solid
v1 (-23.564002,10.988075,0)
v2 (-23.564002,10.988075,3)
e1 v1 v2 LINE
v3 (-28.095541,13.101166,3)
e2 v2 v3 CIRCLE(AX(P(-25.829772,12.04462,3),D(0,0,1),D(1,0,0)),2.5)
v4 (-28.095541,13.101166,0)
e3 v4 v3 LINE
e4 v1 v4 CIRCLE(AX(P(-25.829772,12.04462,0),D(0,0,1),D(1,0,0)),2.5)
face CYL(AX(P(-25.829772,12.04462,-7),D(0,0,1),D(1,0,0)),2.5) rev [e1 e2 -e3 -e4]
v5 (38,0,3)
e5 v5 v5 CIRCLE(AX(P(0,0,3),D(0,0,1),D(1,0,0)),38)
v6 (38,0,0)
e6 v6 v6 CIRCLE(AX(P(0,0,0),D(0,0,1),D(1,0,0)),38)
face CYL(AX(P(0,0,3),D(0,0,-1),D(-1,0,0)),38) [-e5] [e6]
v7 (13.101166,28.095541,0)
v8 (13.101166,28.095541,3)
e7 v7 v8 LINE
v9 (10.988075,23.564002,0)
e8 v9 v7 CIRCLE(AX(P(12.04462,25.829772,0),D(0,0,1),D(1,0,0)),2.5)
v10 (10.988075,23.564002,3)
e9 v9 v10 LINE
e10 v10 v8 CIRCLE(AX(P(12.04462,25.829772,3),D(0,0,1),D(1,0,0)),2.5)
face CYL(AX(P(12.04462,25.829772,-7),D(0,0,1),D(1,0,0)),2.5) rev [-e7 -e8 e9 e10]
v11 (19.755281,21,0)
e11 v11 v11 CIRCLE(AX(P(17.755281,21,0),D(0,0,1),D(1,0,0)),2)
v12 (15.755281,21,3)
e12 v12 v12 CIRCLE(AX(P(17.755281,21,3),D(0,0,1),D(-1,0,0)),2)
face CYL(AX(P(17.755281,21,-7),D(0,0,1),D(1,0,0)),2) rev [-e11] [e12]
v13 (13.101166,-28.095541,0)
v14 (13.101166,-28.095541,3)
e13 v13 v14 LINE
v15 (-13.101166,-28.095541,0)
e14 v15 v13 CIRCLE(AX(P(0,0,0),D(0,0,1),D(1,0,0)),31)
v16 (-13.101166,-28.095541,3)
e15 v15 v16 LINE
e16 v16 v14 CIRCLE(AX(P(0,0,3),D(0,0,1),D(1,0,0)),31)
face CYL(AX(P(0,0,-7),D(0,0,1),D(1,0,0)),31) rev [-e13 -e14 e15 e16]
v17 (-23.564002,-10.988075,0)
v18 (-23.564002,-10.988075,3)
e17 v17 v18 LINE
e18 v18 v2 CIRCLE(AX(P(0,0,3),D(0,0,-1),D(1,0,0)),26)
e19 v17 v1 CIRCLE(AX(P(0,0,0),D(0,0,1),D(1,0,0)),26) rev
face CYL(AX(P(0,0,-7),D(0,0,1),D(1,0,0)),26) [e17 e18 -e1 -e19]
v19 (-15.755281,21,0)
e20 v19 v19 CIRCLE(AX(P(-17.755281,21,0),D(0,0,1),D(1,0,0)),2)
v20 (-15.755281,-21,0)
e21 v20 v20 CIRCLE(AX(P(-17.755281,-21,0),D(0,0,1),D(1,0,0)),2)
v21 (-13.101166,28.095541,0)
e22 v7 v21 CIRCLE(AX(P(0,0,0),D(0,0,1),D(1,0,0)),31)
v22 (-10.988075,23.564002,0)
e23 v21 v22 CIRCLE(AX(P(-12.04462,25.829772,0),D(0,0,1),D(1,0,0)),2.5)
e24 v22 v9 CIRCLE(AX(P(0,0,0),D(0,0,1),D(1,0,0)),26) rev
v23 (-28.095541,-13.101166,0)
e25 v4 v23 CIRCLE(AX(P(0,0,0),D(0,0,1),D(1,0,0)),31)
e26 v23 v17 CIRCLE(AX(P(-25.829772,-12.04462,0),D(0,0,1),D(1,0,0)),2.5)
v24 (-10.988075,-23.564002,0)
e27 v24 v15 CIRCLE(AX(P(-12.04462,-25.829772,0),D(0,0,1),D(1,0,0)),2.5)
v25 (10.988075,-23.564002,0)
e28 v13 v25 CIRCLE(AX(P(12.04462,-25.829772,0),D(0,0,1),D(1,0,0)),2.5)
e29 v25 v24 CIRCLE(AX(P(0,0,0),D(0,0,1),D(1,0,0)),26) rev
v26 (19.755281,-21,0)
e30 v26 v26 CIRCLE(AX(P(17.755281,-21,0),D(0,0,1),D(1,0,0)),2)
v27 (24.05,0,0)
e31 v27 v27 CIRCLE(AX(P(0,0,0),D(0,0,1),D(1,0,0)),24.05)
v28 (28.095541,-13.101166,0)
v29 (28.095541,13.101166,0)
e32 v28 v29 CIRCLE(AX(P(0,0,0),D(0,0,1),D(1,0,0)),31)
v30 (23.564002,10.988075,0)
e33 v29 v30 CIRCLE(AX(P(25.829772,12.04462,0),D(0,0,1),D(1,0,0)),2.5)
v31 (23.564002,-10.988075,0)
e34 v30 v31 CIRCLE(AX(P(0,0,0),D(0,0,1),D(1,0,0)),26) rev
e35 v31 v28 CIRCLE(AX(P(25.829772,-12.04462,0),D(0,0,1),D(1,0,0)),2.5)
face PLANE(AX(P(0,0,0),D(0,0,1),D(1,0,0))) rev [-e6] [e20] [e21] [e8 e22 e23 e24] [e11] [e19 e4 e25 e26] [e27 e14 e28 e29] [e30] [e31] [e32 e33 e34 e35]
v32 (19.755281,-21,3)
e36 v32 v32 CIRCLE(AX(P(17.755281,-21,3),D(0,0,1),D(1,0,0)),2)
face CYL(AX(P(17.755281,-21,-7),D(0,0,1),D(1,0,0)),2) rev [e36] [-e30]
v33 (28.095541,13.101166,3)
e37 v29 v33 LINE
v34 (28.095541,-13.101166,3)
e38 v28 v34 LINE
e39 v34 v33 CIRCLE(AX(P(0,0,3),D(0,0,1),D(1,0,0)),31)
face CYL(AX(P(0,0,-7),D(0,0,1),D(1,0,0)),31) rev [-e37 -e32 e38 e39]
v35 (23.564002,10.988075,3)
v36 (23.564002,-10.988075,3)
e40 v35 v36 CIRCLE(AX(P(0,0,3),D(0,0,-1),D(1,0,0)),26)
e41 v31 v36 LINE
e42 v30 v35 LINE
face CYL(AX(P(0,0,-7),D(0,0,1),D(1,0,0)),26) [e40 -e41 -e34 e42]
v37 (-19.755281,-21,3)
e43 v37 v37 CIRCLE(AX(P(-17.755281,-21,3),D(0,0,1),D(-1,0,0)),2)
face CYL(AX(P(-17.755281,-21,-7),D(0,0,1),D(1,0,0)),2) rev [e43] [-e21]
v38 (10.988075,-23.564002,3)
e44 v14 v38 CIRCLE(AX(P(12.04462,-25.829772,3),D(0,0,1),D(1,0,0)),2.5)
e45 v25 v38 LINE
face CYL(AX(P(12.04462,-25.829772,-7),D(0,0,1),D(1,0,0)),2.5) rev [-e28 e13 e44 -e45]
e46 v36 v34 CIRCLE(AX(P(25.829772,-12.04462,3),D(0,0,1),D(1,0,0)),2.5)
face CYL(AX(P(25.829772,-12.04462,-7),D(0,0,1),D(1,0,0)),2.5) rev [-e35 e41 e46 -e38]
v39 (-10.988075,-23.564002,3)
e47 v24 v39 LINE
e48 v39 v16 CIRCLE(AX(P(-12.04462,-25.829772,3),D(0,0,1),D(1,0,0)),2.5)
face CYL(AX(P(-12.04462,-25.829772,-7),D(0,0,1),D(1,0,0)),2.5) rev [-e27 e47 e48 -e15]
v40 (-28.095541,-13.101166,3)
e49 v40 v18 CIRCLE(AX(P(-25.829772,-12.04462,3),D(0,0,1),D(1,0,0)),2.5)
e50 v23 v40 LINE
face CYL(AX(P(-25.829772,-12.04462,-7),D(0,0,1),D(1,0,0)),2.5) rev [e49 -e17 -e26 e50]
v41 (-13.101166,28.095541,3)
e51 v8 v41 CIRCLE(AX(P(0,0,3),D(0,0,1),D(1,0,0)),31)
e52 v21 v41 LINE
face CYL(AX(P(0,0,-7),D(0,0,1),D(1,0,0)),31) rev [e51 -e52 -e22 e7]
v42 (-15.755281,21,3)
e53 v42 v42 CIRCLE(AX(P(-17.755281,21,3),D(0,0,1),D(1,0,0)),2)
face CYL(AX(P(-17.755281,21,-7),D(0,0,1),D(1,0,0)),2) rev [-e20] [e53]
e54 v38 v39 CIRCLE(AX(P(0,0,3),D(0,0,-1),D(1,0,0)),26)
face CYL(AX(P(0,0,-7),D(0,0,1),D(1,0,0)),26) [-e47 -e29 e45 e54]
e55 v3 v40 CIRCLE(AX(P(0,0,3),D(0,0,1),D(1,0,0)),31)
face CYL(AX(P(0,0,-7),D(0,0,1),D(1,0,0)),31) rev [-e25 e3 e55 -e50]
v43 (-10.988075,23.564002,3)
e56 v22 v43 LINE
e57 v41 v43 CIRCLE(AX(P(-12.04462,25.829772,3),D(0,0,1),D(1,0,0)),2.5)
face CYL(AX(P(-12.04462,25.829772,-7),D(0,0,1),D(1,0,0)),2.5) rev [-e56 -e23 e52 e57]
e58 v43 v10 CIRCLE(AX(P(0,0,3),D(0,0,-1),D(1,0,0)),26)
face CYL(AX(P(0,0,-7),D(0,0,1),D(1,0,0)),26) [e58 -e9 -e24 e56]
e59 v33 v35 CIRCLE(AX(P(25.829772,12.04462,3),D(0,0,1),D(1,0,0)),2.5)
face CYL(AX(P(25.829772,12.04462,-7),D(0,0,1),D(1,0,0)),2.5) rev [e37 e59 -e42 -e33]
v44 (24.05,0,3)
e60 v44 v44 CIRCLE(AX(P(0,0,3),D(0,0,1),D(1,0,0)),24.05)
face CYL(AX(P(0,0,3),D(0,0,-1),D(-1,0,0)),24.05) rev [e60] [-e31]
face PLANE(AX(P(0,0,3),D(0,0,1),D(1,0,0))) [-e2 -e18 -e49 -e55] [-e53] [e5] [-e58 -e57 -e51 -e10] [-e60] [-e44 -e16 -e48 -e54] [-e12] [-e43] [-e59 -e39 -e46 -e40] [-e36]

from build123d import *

# Parameters (mm, degrees)
SKETCH_1_R          = 38
SKETCH_1_R_2        = 24.05
EXTRUDE_1_DEPTH     = 3
SKETCH_3_R          = 2
CUT_EXTRUDE_1_DEPTH = 10
CUT_EXTRUDE_2_DEPTH = 10


with BuildPart() as part:
    # 草图1 → 凸台-拉伸1 (new body)
    with BuildSketch(Plane.XY):
        Circle(SKETCH_1_R)
        Circle(SKETCH_1_R_2, mode=Mode.SUBTRACT)
    extrude(amount=EXTRUDE_1_DEPTH)

    # 草图3 → 切除-拉伸1 (cut)
    with BuildSketch(Plane.XY.offset(3)):
        with Locations((17.755280905, -21)):
            Circle(SKETCH_3_R)
        with Locations((17.755280905, 21)):
            Circle(SKETCH_3_R)
        with Locations((-17.755280905, -21)):
            Circle(SKETCH_3_R)
        with Locations((-17.755280905, 21)):
            Circle(SKETCH_3_R)
    extrude(amount=-CUT_EXTRUDE_1_DEPTH, mode=Mode.SUBTRACT)

    # 草图4 → 切除-拉伸2 (cut)
    with BuildSketch(Plane.XY.offset(3)):
        with BuildLine():
            ThreePointArc((28.095541398, -13.101166114), (31, 0), (28.095541398, 13.101166114))
            ThreePointArc((28.095541398, 13.101166114), (24.773226276, 14.310389927), (23.564002463, 10.988074805))
            ThreePointArc((23.564002463, 10.988074805), (26, 0), (23.564002463, -10.988074805))
            ThreePointArc((23.564002463, -10.988074805), (24.773226276, -14.310389927), (28.095541398, -13.101166114))
        make_face()
        with BuildLine():
            ThreePointArc((-13.101166114, -28.095541398), (0, -31), (13.101166114, -28.095541398))
            ThreePointArc((13.101166114, -28.095541398), (14.310389927, -24.773226276), (10.988074805, -23.564002463))
            ThreePointArc((10.988074805, -23.564002463), (0, -26), (-10.988074805, -23.564002463))
            ThreePointArc((-10.988074805, -23.564002463), (-14.310389927, -24.773226276), (-13.101166114, -28.095541398))
        make_face()
        with BuildLine():
            ThreePointArc((-28.095541398, 13.101166114), (-31, 0), (-28.095541398, -13.101166114))
            ThreePointArc((-28.095541398, -13.101166114), (-24.773226276, -14.310389927), (-23.564002463, -10.988074805))
            ThreePointArc((-23.564002463, -10.988074805), (-26, 0), (-23.564002463, 10.988074805))
            ThreePointArc((-23.564002463, 10.988074805), (-24.773226276, 14.310389927), (-28.095541398, 13.101166114))
        make_face()
        with BuildLine():
            ThreePointArc((13.101166114, 28.095541398), (0, 31), (-13.101166114, 28.095541398))
            ThreePointArc((-13.101166114, 28.095541398), (-14.310389927, 24.773226276), (-10.988074805, 23.564002463))
            ThreePointArc((-10.988074805, 23.564002463), (0, 26), (10.988074805, 23.564002463))
            ThreePointArc((10.988074805, 23.564002463), (14.310389927, 24.773226276), (13.101166114, 28.095541398))
        make_face()
    extrude(amount=-CUT_EXTRUDE_2_DEPTH, mode=Mode.SUBTRACT)


solid = part.part
